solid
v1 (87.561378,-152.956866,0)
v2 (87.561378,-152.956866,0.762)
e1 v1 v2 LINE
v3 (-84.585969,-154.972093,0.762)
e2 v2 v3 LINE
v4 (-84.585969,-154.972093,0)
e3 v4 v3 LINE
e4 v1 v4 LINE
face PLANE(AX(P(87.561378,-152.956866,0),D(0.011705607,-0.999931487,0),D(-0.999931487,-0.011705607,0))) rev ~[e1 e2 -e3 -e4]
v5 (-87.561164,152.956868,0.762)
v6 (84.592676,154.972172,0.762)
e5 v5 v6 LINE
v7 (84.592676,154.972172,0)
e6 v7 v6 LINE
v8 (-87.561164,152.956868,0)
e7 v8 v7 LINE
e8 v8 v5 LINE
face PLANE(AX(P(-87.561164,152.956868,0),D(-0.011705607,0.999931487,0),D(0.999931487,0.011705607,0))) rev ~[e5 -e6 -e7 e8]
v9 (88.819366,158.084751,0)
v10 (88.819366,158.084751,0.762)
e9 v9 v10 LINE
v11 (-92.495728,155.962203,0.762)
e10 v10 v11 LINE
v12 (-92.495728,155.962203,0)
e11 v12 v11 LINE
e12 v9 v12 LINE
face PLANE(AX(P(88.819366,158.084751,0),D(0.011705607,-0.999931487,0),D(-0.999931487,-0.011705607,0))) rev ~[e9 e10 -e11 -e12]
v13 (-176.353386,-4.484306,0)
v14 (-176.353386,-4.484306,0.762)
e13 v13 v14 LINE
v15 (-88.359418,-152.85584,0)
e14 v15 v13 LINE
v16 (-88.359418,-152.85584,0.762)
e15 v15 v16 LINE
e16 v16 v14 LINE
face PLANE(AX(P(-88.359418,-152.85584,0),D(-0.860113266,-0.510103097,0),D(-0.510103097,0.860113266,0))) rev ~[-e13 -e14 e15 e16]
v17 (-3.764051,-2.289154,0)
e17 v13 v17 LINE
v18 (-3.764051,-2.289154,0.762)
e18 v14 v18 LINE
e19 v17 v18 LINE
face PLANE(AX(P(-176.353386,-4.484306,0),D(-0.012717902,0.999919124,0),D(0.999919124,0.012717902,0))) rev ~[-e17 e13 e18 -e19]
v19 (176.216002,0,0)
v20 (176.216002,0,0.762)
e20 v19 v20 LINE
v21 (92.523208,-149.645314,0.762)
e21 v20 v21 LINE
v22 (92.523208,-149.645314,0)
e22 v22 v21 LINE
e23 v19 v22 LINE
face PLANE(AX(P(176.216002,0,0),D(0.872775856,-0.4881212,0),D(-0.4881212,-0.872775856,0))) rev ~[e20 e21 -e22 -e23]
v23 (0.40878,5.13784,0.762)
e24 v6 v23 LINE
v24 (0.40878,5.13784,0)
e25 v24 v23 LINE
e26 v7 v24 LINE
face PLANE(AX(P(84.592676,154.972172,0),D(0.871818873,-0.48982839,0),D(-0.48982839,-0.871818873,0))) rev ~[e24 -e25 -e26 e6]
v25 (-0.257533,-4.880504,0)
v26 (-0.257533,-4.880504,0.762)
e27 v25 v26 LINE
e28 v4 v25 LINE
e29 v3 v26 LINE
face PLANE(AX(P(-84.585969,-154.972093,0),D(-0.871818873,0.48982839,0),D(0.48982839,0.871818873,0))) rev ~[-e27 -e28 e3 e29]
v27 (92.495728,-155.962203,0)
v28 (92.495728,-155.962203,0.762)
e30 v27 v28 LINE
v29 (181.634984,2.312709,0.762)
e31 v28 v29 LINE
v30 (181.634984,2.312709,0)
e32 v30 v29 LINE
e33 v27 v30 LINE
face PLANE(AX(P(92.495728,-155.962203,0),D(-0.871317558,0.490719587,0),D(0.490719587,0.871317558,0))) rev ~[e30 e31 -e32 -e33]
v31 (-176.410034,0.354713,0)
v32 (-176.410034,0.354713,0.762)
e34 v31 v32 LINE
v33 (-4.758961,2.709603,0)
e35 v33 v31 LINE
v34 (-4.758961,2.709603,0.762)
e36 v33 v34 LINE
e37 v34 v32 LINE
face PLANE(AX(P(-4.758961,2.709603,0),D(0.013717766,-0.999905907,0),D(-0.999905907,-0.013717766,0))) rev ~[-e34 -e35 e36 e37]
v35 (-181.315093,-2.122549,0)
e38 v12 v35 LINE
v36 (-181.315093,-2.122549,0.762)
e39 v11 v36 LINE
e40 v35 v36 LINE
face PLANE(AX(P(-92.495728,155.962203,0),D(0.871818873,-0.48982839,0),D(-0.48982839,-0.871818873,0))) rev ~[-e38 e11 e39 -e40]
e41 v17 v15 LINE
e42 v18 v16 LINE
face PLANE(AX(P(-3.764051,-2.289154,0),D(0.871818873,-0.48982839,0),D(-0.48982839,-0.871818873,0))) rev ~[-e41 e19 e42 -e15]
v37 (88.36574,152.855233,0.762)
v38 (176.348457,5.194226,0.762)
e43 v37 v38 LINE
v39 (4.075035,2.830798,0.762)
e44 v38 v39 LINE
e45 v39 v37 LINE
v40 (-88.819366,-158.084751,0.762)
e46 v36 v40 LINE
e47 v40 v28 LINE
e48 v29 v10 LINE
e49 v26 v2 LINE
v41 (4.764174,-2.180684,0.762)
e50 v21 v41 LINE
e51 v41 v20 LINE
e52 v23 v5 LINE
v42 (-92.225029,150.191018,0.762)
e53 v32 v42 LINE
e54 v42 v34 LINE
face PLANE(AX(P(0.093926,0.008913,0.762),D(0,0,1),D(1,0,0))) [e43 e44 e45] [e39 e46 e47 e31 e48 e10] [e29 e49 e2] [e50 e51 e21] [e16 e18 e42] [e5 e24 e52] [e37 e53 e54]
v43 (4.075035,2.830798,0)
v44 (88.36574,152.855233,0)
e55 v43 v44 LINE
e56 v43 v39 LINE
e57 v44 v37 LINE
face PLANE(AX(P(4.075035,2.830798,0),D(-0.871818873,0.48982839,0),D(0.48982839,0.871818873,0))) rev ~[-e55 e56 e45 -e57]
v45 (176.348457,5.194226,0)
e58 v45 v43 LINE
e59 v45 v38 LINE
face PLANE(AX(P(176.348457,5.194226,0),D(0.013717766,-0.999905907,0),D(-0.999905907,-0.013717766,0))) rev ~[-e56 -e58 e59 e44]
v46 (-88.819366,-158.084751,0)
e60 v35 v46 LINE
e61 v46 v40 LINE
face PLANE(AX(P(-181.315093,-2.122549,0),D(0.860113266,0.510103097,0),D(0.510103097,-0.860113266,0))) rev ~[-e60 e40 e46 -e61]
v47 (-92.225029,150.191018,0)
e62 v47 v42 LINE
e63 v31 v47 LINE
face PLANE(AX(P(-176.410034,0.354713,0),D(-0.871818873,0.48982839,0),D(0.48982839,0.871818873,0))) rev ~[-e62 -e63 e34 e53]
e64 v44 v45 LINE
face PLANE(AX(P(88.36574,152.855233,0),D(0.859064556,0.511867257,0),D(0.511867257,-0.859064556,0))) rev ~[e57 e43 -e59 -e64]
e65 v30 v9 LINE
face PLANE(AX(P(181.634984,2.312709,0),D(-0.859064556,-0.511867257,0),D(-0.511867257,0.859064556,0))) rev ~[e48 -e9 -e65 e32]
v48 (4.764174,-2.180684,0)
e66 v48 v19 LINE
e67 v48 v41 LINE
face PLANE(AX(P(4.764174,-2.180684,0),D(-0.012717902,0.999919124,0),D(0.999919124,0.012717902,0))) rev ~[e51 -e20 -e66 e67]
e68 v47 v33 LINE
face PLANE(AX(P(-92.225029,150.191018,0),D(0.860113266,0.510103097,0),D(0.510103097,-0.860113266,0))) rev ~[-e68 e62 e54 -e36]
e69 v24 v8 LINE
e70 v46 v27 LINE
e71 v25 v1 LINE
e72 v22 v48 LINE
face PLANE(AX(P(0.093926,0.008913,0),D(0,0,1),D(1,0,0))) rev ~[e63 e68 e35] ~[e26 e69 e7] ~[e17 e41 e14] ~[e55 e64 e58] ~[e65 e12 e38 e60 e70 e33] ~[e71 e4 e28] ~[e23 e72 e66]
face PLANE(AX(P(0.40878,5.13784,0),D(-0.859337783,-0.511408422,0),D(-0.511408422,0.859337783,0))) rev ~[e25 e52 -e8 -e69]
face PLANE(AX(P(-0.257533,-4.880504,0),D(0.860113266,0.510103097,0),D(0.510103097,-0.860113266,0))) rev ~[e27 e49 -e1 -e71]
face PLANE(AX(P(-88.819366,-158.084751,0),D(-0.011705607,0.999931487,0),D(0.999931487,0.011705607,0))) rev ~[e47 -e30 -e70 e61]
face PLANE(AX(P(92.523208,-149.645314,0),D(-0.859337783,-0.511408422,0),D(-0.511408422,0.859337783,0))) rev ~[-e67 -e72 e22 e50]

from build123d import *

# Parameters (mm, degrees)
F1_DEPTH = 0.762


with BuildPart() as f1:
    # F0 (on Top) → F1 (new body)
    with BuildSketch(Plane.XY):
        Polygon((181.6349840739, 2.3127086959), (88.8193655746, 158.0847512576), (-92.4957277527, 155.9622025644), (-181.3150933273, -2.1225486931), (-88.8193655747, -158.0847512576), (92.4957277527, -155.9622025644), align=None)
        Polygon((-176.3533864908, -4.4843056907), (-177.7786145431, -2.081149225), (-176.4100340207, 0.3547127074), (-92.2250292754, 150.1910175344), (-90.6916353695, 152.9202218314), (-87.5611636853, 152.9568684142), (84.5926755519, 154.9721717174), (87.0869791736, 155.0013710565), (88.3657397647, 152.8552328047), (176.3484574277, 5.1942263696), (177.7786145431, 2.794), (176.2160018481, 0), (92.5232077304, -149.6453136004), (90.6916353695, -152.9202218314), (87.5613781631, -152.9568659035), (-84.5859686391, -154.9720932035), (-87.0869791736, -155.0013710565), (-88.3594183539, -152.8558404248), align=None, mode=Mode.SUBTRACT)
        Polygon((2.961365666, 0.8486388782), (1.234125174, -2.2255823997), (4.7641738758, -2.1806839541), align=None)
        Polygon((-2.8058330862, -0.5836736654), (-3.7640511788, -2.2891538594), (-1.8091187846, -2.2642892093), align=None)
        Polygon((-0.9259721319, 2.7621884609), (-4.7589605804, 2.709603476), (-2.8058330862, -0.5836736654), align=None)
        Polygon((-0.9259721319, 2.7621884609), (-2.8058330862, -0.5836736654), (-1.8091187846, -2.2642892093), (1.234125174, -2.2255823997), (2.961365666, 0.8486388782), (1.800316835, 2.7995905732), align=None)
        Polygon((0.4087795335, 5.137840253), (-0.9259721319, 2.7621884609), (1.800316835, 2.7995905732), align=None)
        Polygon((4.075034598, 2.8307975546), (1.800316835, 2.7995905732), (2.961365666, 0.8486388782), align=None)
        Polygon((1.234125174, -2.2255823997), (-1.8091187846, -2.2642892093), (-0.2575332742, -4.8805040287), align=None)
        Polygon((1.234125174, -2.2255823997), (-0.2575332742, -4.8805040287), (87.5613781631, -152.9568659035), (90.6916353695, -152.9202218314), (92.5232077304, -149.6453136004), (4.7641738758, -2.1806839541), align=None)
        Polygon((-3.7640511788, -2.2891538594), (-88.3594183539, -152.8558404248), (-87.0869791736, -155.0013710565), (-84.5859686391, -154.9720932035), (-0.2575332742, -4.8805040287), (-1.8091187846, -2.2642892093), align=None)
        Polygon((-176.4100340207, 0.3547127074), (-177.7786145431, -2.081149225), (-176.3533864908, -4.4843056907), (-3.7640511788, -2.2891538594), (-2.8058330862, -0.5836736654), (-4.7589605804, 2.709603476), align=None)
        Polygon((-90.6916353695, 152.9202218314), (-92.2250292754, 150.1910175344), (-4.7589605804, 2.709603476), (-0.9259721319, 2.7621884609), (0.4087795335, 5.137840253), (-87.5611636853, 152.9568684142), align=None)
        Polygon((84.5926755519, 154.9721717174), (0.4087795335, 5.137840253), (1.800316835, 2.7995905732), (4.075034598, 2.8307975546), (88.3657397647, 152.8552328047), (87.0869791736, 155.0013710565), align=None)
        Polygon((4.075034598, 2.8307975546), (2.961365666, 0.8486388782), (4.7641738758, -2.1806839541), (176.2160018481, 0), (177.7786145431, 2.794), (176.3484574277, 5.1942263696), align=None)
    extrude(amount=F1_DEPTH)


solid = f1.part
